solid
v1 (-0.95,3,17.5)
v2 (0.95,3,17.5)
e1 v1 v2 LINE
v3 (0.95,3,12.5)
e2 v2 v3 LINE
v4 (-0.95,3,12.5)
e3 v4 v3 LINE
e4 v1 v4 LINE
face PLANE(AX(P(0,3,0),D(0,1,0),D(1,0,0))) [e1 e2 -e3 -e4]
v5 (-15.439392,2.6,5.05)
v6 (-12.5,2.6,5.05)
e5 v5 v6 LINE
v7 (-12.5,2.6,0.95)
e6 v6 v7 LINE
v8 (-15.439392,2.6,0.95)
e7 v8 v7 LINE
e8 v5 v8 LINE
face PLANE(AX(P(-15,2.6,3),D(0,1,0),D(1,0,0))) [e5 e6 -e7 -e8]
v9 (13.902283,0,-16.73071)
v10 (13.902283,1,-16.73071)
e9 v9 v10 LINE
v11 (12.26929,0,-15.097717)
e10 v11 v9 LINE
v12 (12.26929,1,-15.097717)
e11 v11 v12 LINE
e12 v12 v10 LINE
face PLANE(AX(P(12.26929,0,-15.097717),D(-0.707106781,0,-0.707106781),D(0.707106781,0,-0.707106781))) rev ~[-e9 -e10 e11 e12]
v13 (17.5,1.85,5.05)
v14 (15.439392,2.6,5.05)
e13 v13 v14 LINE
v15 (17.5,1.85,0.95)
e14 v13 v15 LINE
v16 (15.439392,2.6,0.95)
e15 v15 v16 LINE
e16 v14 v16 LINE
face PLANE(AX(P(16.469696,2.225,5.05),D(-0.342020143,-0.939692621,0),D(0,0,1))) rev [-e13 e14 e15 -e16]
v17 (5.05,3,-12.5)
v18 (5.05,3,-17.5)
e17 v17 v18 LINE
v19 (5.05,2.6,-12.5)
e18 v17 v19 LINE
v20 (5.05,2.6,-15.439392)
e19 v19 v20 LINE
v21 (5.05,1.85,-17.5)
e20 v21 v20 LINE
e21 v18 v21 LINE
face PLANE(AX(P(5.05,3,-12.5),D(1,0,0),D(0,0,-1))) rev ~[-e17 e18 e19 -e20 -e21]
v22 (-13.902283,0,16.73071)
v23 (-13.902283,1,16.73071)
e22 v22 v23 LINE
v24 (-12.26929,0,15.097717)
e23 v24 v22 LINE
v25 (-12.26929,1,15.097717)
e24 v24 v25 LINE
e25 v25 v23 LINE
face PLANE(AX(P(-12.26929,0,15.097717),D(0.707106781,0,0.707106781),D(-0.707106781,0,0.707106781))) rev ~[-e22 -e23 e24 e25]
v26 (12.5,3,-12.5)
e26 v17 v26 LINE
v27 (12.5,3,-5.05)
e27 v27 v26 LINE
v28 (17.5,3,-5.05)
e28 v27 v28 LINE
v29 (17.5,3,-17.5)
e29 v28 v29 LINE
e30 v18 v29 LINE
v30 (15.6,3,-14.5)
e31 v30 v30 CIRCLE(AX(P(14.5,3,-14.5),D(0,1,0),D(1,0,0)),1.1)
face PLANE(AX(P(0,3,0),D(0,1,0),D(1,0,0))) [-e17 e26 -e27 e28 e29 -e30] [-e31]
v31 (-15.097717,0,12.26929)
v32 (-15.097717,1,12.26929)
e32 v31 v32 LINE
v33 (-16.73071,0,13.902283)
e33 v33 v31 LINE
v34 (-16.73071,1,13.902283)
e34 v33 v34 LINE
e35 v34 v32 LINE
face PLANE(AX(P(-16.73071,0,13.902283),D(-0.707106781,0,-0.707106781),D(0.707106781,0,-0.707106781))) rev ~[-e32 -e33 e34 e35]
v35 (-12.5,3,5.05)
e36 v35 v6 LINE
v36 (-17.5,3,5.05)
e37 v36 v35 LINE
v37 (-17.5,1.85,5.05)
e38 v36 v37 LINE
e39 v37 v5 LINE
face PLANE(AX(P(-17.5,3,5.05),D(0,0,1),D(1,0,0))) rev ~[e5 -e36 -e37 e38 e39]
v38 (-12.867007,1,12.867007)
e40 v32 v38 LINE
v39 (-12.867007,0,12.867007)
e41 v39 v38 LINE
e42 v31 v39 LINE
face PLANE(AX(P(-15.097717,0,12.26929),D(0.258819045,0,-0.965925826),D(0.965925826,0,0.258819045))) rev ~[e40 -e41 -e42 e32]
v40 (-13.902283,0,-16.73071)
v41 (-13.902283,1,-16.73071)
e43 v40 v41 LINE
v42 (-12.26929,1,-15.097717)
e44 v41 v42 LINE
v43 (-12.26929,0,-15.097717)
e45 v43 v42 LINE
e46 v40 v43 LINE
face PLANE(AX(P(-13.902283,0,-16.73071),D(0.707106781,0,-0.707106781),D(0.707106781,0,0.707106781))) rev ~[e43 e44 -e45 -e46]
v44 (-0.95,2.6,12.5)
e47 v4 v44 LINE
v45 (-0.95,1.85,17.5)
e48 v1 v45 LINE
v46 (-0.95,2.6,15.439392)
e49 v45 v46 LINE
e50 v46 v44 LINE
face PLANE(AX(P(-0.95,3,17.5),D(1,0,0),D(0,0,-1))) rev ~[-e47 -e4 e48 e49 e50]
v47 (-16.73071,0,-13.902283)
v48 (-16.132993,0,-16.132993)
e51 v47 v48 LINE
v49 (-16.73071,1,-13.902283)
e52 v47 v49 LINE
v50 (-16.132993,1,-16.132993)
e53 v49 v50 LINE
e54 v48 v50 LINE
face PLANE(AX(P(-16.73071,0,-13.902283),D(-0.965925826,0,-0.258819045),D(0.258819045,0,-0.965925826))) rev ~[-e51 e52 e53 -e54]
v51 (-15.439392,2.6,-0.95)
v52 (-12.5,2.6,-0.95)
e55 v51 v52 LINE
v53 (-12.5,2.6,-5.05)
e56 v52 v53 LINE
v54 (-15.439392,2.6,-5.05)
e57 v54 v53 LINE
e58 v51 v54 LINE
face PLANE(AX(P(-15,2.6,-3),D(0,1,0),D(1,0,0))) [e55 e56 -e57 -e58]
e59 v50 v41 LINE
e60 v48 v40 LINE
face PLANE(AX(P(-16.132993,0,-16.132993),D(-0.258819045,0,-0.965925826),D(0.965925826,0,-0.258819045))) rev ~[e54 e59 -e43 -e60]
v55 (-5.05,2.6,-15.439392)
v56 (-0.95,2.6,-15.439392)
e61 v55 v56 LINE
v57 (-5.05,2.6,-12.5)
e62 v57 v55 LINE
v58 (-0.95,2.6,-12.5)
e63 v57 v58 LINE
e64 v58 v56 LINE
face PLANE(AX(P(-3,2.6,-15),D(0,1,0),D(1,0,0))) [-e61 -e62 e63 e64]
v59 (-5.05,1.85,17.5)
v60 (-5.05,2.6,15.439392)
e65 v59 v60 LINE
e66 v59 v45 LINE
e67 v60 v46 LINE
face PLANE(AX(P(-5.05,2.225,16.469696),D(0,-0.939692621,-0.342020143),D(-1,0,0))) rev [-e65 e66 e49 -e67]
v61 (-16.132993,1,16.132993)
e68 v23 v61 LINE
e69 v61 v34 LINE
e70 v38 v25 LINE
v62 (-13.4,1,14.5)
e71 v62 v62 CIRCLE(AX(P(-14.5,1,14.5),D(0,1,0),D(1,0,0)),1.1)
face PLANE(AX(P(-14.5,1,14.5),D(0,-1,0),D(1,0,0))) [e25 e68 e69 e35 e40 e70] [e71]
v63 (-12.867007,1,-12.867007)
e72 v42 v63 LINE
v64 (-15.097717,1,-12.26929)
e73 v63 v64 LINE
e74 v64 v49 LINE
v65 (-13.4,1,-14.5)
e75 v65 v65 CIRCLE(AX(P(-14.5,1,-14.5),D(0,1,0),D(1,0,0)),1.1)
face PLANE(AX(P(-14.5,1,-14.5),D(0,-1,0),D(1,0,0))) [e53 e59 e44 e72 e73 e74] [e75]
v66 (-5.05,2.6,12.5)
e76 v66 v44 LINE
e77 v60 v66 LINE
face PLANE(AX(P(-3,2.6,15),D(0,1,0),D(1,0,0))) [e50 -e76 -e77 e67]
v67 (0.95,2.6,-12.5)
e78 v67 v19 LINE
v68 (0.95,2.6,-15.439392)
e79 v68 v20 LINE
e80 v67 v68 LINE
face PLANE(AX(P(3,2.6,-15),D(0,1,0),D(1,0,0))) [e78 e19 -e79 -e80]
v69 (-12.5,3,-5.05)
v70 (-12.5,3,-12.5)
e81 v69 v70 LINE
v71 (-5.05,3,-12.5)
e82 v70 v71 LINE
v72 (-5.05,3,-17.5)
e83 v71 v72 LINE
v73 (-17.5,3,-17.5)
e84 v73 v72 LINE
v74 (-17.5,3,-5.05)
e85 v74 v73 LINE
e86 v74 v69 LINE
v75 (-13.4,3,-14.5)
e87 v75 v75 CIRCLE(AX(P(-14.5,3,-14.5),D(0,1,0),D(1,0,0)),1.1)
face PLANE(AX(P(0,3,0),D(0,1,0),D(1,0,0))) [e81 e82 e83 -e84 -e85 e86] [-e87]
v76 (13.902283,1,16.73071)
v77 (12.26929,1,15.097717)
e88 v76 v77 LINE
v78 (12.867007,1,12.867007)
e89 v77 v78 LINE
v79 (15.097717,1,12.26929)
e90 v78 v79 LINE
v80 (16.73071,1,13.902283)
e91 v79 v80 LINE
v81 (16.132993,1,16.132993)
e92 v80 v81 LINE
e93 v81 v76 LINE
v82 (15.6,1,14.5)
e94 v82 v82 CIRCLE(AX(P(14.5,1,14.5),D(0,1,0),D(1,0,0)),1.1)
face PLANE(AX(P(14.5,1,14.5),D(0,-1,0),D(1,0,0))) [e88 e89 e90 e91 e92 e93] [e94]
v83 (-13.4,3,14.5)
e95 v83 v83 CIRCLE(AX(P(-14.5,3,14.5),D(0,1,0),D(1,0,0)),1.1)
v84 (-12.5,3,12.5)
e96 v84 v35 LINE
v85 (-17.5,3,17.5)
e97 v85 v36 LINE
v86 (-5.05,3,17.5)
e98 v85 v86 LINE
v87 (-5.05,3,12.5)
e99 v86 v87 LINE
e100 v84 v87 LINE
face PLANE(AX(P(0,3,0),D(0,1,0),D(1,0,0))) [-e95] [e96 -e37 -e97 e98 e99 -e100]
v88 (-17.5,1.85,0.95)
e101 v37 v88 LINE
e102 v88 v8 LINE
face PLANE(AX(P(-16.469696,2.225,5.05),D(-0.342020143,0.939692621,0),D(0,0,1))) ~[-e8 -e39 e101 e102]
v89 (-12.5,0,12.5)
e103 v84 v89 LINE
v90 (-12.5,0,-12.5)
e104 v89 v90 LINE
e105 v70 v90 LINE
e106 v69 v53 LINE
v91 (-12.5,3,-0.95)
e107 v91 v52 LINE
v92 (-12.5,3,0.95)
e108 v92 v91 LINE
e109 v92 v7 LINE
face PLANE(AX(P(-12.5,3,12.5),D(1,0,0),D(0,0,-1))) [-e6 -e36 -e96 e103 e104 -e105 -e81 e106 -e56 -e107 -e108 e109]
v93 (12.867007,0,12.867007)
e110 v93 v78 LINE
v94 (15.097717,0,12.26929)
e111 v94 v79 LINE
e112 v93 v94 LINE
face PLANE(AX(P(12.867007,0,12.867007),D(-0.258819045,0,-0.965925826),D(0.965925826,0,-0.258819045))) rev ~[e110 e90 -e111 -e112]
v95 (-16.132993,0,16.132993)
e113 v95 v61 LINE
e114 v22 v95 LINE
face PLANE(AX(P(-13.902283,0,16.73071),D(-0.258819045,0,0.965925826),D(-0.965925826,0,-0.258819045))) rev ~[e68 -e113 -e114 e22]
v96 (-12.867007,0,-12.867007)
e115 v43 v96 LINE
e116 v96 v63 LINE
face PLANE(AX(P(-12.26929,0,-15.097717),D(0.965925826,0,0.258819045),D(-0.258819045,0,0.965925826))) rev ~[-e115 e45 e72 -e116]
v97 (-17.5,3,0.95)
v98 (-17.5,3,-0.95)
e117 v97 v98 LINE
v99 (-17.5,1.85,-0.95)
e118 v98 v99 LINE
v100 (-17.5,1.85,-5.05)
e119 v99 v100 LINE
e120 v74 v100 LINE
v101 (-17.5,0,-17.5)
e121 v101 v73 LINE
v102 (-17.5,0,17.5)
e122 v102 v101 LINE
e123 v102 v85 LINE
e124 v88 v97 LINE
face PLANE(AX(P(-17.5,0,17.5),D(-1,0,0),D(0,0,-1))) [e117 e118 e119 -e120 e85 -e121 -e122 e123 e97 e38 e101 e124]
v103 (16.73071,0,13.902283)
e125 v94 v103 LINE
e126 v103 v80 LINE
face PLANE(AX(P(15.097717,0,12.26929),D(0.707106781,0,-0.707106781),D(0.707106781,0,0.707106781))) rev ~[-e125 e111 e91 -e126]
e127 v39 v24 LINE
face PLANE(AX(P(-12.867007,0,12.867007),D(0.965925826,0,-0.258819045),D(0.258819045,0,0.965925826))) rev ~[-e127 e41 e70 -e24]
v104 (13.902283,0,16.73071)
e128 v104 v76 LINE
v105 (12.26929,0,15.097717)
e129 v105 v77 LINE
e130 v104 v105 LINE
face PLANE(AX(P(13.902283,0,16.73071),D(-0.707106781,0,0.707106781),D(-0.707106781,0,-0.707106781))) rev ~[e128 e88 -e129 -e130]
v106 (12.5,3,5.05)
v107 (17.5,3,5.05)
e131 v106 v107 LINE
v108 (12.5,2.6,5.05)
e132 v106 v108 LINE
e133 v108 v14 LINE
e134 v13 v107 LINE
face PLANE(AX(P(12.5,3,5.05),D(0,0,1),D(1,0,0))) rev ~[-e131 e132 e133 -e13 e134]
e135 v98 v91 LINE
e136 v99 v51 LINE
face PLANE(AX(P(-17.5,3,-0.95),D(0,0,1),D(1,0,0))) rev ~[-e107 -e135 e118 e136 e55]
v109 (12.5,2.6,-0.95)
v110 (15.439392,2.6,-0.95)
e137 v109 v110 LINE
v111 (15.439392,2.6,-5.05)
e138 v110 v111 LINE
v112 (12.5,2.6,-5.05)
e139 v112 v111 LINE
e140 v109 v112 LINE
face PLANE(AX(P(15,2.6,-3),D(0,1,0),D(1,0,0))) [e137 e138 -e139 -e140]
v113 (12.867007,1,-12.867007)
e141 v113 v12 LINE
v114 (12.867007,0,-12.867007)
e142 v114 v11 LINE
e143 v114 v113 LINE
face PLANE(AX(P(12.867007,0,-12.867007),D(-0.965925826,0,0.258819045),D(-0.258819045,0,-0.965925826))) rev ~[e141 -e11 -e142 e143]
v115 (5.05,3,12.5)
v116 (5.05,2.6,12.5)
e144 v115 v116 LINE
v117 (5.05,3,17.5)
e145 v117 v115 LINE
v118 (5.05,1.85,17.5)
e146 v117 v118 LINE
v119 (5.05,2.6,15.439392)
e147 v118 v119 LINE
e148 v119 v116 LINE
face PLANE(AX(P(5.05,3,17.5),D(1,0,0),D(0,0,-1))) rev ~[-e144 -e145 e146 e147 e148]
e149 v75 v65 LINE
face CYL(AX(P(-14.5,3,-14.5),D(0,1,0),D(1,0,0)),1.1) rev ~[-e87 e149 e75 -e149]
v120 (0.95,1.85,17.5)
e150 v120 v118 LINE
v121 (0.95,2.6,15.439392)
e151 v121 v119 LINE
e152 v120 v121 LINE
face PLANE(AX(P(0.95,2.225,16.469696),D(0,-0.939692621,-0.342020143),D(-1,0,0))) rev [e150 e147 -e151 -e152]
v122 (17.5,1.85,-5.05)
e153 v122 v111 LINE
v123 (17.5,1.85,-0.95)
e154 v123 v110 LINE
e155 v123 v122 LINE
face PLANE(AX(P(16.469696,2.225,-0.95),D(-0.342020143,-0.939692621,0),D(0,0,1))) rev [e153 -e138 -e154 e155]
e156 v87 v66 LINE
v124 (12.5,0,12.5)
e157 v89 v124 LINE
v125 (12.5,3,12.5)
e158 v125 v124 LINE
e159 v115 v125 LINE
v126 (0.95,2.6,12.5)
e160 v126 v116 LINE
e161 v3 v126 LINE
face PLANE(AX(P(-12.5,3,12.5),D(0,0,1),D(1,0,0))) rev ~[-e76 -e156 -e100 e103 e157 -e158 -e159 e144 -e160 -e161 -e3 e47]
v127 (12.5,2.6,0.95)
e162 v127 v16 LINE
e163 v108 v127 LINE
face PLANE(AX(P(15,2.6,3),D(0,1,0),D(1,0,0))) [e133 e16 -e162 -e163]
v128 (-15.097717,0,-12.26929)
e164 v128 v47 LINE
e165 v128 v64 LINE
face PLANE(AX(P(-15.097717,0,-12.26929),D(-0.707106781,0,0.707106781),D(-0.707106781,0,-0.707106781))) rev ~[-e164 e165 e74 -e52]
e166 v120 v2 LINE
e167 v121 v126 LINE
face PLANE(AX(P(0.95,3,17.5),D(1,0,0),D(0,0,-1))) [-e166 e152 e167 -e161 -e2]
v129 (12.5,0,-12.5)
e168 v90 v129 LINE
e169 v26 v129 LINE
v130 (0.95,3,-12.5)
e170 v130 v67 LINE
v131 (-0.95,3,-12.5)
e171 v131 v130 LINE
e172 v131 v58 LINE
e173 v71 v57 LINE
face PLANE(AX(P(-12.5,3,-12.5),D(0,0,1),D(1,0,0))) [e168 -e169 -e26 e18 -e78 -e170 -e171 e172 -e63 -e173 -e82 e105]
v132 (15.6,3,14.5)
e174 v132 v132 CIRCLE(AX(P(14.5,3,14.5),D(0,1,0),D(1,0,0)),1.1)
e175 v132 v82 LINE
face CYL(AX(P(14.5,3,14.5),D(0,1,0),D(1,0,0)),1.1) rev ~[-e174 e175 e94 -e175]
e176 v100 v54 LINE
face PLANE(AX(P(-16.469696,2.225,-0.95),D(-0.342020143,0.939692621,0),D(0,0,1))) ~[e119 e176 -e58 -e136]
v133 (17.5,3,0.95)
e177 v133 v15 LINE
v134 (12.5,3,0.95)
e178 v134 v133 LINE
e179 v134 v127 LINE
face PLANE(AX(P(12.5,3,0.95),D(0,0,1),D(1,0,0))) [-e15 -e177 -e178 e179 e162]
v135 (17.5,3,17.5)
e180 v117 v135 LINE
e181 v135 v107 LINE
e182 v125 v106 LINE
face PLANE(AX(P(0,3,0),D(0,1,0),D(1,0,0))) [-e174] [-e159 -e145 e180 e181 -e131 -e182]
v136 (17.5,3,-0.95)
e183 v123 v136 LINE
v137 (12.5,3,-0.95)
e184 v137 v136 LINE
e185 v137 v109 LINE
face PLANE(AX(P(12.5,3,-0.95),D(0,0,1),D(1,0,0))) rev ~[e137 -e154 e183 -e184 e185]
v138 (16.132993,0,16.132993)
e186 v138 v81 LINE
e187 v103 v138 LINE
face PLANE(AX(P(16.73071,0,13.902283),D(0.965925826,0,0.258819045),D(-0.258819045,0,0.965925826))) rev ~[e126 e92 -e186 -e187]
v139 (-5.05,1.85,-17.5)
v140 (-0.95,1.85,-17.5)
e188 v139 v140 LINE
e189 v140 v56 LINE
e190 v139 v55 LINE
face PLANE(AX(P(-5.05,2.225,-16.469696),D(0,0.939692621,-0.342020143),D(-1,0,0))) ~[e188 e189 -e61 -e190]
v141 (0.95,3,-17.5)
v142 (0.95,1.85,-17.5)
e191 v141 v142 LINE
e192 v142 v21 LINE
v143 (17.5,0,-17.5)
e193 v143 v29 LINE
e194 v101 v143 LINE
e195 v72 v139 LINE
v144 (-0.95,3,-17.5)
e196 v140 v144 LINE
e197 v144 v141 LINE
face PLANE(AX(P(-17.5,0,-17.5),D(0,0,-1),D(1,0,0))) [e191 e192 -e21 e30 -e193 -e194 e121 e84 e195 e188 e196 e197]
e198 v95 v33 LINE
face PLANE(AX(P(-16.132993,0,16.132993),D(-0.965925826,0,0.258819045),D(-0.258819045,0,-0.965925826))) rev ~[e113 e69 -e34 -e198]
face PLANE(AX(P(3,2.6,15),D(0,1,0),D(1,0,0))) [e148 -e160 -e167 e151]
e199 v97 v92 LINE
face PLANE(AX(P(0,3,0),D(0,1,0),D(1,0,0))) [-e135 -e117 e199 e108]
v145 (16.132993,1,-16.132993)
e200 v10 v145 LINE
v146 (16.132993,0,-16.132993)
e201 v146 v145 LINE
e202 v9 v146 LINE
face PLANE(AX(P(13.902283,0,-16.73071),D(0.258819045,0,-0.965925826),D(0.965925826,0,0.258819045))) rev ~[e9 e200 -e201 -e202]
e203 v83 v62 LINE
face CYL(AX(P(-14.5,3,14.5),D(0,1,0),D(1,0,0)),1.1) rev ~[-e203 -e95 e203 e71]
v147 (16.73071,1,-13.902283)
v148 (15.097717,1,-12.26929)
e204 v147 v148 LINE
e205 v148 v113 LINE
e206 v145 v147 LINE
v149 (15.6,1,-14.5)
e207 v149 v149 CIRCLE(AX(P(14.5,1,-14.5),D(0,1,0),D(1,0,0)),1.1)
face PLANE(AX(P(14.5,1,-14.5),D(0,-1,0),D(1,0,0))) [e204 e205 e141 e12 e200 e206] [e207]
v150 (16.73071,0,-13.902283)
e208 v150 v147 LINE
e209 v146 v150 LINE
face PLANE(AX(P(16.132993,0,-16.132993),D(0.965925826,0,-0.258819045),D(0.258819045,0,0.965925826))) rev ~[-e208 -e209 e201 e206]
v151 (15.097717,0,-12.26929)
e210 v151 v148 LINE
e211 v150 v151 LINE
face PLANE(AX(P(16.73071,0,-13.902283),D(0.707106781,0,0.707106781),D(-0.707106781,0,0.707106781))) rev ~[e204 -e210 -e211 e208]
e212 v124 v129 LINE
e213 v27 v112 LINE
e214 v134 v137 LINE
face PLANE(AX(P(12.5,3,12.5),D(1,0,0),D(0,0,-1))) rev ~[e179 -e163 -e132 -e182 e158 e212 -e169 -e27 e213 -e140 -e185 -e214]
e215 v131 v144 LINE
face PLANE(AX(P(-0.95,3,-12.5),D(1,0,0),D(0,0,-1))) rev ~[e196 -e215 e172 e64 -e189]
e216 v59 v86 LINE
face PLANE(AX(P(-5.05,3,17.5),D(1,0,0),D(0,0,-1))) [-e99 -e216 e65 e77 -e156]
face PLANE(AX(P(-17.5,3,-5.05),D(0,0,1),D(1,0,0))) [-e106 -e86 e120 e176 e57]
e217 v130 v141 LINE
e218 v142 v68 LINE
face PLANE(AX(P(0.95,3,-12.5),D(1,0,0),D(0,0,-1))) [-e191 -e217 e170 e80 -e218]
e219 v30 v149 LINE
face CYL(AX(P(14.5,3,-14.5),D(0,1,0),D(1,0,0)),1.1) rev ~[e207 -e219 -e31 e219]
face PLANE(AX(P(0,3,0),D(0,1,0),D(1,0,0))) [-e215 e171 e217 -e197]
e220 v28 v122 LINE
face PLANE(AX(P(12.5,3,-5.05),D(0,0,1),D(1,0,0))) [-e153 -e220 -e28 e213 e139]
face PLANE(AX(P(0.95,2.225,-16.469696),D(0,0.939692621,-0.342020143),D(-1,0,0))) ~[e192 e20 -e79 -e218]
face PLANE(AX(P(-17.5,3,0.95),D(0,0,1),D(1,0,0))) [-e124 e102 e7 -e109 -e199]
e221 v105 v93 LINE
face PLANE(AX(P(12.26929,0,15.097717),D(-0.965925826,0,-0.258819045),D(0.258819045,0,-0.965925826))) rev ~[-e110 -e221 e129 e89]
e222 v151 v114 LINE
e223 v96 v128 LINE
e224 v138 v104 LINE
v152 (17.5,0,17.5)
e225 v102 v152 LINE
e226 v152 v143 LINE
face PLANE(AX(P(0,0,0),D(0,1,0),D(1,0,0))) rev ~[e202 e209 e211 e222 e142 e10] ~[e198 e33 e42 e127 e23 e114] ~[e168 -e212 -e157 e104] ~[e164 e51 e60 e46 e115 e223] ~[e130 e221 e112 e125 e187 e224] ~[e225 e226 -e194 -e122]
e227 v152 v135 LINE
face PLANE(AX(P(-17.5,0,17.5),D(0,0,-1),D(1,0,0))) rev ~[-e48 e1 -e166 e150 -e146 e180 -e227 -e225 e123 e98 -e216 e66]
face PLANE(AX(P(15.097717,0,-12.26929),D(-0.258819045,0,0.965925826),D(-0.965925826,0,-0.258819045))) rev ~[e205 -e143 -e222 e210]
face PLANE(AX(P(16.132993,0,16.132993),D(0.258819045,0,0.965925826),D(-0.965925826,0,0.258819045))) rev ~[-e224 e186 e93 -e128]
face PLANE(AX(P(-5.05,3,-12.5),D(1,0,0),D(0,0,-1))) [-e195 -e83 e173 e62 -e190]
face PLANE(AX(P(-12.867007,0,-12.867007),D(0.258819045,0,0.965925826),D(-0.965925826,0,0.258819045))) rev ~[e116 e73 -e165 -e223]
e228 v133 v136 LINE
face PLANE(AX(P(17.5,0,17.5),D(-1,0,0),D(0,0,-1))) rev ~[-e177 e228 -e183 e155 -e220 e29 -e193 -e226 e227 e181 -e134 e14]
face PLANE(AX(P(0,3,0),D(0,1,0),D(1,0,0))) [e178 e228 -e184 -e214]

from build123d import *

# Parameters (mm, degrees)
SKETCH1_W             = 35
SKETCH1_H             = 35
BOSS_EXTRUDE1_DEPTH   = 3
SKETCH3_W             = 25
SKETCH3_H             = 25
CUT_EXTRUDE1_DEPTH    = 4
SKETCH4_W             = 5
SKETCH4_H             = 4.1
SKETCH4_W_2           = 4.1
SKETCH4_H_2           = 5
CUT_EXTRUDE2_DEPTH    = 0.4
CHAMFER1_SIZE         = 0.75
CHAMFER1_SIZE2        = 2.060608065
CHAMFER1_PART_2_SIZE  = 0.75
CHAMFER1_PART_2_SIZE2 = 2.060608065
CHAMFER1_PART_3_SIZE  = 0.75
CHAMFER1_PART_3_SIZE2 = 2.060608065
CHAMFER1_PART_4_SIZE  = 0.75
CHAMFER1_PART_4_SIZE2 = 2.060608065
SKETCH6_R             = 1.1
CUT_EXTRUDE5_DEPTH    = 4
CUT_EXTRUDE6_DEPTH    = 1


with BuildPart() as part:
    # Sketch1 → Boss-Extrude1 (new body)
    with BuildSketch(Plane(origin=(0, 0, 0), x_dir=(1, 0, 0), z_dir=(0, 1, 0))):
        Rectangle(SKETCH1_W, SKETCH1_H)
    extrude(amount=BOSS_EXTRUDE1_DEPTH)

    # Sketch3 → Cut-Extrude1 (cut, through all)
    with BuildSketch(Plane(origin=(0, 3, 0), x_dir=(1, 0, 0), z_dir=(0, 1, 0))):
        Rectangle(SKETCH3_W, SKETCH3_H)
    extrude(amount=-CUT_EXTRUDE1_DEPTH, mode=Mode.SUBTRACT)

    # Sketch4 → Cut-Extrude2 (cut)
    with BuildSketch(Plane(origin=(0, 3, 0), x_dir=(1, 0, 0), z_dir=(0, 1, 0))):
        with Locations((-15, 3)):
            Rectangle(SKETCH4_W, SKETCH4_H)
        with Locations((-3, 15)):
            Rectangle(SKETCH4_W_2, SKETCH4_H_2)
        with Locations((3, 15)):
            Rectangle(SKETCH4_W_2, SKETCH4_H_2)
        with Locations((15, 3)):
            Rectangle(SKETCH4_W, SKETCH4_H)
        with Locations((15, -3)):
            Rectangle(SKETCH4_W, SKETCH4_H)
        with Locations((3, -15)):
            Rectangle(SKETCH4_W_2, SKETCH4_H_2)
        with Locations((-3, -15)):
            Rectangle(SKETCH4_W_2, SKETCH4_H_2)
        with Locations((-15, -3)):
            Rectangle(SKETCH4_W, SKETCH4_H)
    extrude(amount=-CUT_EXTRUDE2_DEPTH, mode=Mode.SUBTRACT)

    # Chamfer1
    chamfer1_edges = [part.edges().sort_by_distance(p)[0] for p in [
        (3, 2.6, 17.5),
        (-3, 2.6, 17.5),
    ]]
    chamfer1_side = [part.faces().sort_by_distance(p)[0] for p in [
        (0, 1.458081007, 17.5),
    ]]
    chamfer(chamfer1_edges, length=CHAMFER1_SIZE, length2=CHAMFER1_SIZE2, reference=chamfer1_side[0])

    # Chamfer1 part 2
    chamfer1_part_2_edges = [part.edges().sort_by_distance(p)[0] for p in [
        (-17.5, 2.6, 3),
        (-17.5, 2.6, -3),
    ]]
    chamfer1_part_2_side = [part.faces().sort_by_distance(p)[0] for p in [
        (-17.5, 1.458081007, 0),
    ]]
    chamfer(chamfer1_part_2_edges, length=CHAMFER1_PART_2_SIZE, length2=CHAMFER1_PART_2_SIZE2, reference=chamfer1_part_2_side[0])

    # Chamfer1 part 3
    chamfer1_part_3_edges = [part.edges().sort_by_distance(p)[0] for p in [
        (-3, 2.6, -17.5),
        (3, 2.6, -17.5),
    ]]
    chamfer1_part_3_side = [part.faces().sort_by_distance(p)[0] for p in [
        (0, 1.458081007, -17.5),
    ]]
    chamfer(chamfer1_part_3_edges, length=CHAMFER1_PART_3_SIZE, length2=CHAMFER1_PART_3_SIZE2, reference=chamfer1_part_3_side[0])

    # Chamfer1 part 4
    chamfer1_part_4_edges = [part.edges().sort_by_distance(p)[0] for p in [
        (17.5, 2.6, -3),
        (17.5, 2.6, 3),
    ]]
    chamfer1_part_4_side = [part.faces().sort_by_distance(p)[0] for p in [
        (17.5, 1.458081007, 0),
    ]]
    chamfer(chamfer1_part_4_edges, length=CHAMFER1_PART_4_SIZE, length2=CHAMFER1_PART_4_SIZE2, reference=chamfer1_part_4_side[0])

    # Sketch6 → Cut-Extrude5 (cut, through all)
    with BuildSketch(Plane(origin=(0, 3, 0), x_dir=(1, 0, 0), z_dir=(0, 1, 0))):
        with Locations((14.5, 14.5)):
            Circle(SKETCH6_R)
        with Locations((-14.5, 14.5)):
            Circle(SKETCH6_R)
        with Locations((-14.5, -14.5)):
            Circle(SKETCH6_R)
        with Locations((14.5, -14.5)):
            Circle(SKETCH6_R)
    extrude(amount=-CUT_EXTRUDE5_DEPTH, mode=Mode.SUBTRACT)

    # Sketch7 → Cut-Extrude6 (cut)
    with BuildSketch(Plane.XZ):
        Polygon((-12.867006838, 12.867006838), (-12.269289857, 15.097716981), (-13.902283019, 16.730710143), (-16.132993162, 16.132993162), (-16.730710143, 13.902283019), (-15.097716981, 12.269289857), align=None)
        Polygon((12.867006838, 12.867006838), (15.097716981, 12.269289857), (16.730710143, 13.902283019), (16.132993162, 16.132993162), (13.902283019, 16.730710143), (12.269289857, 15.097716981), align=None)
        Polygon((12.867006838, -12.867006838), (12.269289857, -15.097716981), (13.902283019, -16.730710143), (16.132993162, -16.132993162), (16.730710143, -13.902283019), (15.097716981, -12.269289857), align=None)
        Polygon((-12.867006838, -12.867006838), (-15.097716981, -12.269289857), (-16.730710143, -13.902283019), (-16.132993162, -16.132993162), (-13.902283019, -16.730710143), (-12.269289857, -15.097716981), align=None)
    extrude(amount=-CUT_EXTRUDE6_DEPTH, mode=Mode.SUBTRACT)


solid = part.part
